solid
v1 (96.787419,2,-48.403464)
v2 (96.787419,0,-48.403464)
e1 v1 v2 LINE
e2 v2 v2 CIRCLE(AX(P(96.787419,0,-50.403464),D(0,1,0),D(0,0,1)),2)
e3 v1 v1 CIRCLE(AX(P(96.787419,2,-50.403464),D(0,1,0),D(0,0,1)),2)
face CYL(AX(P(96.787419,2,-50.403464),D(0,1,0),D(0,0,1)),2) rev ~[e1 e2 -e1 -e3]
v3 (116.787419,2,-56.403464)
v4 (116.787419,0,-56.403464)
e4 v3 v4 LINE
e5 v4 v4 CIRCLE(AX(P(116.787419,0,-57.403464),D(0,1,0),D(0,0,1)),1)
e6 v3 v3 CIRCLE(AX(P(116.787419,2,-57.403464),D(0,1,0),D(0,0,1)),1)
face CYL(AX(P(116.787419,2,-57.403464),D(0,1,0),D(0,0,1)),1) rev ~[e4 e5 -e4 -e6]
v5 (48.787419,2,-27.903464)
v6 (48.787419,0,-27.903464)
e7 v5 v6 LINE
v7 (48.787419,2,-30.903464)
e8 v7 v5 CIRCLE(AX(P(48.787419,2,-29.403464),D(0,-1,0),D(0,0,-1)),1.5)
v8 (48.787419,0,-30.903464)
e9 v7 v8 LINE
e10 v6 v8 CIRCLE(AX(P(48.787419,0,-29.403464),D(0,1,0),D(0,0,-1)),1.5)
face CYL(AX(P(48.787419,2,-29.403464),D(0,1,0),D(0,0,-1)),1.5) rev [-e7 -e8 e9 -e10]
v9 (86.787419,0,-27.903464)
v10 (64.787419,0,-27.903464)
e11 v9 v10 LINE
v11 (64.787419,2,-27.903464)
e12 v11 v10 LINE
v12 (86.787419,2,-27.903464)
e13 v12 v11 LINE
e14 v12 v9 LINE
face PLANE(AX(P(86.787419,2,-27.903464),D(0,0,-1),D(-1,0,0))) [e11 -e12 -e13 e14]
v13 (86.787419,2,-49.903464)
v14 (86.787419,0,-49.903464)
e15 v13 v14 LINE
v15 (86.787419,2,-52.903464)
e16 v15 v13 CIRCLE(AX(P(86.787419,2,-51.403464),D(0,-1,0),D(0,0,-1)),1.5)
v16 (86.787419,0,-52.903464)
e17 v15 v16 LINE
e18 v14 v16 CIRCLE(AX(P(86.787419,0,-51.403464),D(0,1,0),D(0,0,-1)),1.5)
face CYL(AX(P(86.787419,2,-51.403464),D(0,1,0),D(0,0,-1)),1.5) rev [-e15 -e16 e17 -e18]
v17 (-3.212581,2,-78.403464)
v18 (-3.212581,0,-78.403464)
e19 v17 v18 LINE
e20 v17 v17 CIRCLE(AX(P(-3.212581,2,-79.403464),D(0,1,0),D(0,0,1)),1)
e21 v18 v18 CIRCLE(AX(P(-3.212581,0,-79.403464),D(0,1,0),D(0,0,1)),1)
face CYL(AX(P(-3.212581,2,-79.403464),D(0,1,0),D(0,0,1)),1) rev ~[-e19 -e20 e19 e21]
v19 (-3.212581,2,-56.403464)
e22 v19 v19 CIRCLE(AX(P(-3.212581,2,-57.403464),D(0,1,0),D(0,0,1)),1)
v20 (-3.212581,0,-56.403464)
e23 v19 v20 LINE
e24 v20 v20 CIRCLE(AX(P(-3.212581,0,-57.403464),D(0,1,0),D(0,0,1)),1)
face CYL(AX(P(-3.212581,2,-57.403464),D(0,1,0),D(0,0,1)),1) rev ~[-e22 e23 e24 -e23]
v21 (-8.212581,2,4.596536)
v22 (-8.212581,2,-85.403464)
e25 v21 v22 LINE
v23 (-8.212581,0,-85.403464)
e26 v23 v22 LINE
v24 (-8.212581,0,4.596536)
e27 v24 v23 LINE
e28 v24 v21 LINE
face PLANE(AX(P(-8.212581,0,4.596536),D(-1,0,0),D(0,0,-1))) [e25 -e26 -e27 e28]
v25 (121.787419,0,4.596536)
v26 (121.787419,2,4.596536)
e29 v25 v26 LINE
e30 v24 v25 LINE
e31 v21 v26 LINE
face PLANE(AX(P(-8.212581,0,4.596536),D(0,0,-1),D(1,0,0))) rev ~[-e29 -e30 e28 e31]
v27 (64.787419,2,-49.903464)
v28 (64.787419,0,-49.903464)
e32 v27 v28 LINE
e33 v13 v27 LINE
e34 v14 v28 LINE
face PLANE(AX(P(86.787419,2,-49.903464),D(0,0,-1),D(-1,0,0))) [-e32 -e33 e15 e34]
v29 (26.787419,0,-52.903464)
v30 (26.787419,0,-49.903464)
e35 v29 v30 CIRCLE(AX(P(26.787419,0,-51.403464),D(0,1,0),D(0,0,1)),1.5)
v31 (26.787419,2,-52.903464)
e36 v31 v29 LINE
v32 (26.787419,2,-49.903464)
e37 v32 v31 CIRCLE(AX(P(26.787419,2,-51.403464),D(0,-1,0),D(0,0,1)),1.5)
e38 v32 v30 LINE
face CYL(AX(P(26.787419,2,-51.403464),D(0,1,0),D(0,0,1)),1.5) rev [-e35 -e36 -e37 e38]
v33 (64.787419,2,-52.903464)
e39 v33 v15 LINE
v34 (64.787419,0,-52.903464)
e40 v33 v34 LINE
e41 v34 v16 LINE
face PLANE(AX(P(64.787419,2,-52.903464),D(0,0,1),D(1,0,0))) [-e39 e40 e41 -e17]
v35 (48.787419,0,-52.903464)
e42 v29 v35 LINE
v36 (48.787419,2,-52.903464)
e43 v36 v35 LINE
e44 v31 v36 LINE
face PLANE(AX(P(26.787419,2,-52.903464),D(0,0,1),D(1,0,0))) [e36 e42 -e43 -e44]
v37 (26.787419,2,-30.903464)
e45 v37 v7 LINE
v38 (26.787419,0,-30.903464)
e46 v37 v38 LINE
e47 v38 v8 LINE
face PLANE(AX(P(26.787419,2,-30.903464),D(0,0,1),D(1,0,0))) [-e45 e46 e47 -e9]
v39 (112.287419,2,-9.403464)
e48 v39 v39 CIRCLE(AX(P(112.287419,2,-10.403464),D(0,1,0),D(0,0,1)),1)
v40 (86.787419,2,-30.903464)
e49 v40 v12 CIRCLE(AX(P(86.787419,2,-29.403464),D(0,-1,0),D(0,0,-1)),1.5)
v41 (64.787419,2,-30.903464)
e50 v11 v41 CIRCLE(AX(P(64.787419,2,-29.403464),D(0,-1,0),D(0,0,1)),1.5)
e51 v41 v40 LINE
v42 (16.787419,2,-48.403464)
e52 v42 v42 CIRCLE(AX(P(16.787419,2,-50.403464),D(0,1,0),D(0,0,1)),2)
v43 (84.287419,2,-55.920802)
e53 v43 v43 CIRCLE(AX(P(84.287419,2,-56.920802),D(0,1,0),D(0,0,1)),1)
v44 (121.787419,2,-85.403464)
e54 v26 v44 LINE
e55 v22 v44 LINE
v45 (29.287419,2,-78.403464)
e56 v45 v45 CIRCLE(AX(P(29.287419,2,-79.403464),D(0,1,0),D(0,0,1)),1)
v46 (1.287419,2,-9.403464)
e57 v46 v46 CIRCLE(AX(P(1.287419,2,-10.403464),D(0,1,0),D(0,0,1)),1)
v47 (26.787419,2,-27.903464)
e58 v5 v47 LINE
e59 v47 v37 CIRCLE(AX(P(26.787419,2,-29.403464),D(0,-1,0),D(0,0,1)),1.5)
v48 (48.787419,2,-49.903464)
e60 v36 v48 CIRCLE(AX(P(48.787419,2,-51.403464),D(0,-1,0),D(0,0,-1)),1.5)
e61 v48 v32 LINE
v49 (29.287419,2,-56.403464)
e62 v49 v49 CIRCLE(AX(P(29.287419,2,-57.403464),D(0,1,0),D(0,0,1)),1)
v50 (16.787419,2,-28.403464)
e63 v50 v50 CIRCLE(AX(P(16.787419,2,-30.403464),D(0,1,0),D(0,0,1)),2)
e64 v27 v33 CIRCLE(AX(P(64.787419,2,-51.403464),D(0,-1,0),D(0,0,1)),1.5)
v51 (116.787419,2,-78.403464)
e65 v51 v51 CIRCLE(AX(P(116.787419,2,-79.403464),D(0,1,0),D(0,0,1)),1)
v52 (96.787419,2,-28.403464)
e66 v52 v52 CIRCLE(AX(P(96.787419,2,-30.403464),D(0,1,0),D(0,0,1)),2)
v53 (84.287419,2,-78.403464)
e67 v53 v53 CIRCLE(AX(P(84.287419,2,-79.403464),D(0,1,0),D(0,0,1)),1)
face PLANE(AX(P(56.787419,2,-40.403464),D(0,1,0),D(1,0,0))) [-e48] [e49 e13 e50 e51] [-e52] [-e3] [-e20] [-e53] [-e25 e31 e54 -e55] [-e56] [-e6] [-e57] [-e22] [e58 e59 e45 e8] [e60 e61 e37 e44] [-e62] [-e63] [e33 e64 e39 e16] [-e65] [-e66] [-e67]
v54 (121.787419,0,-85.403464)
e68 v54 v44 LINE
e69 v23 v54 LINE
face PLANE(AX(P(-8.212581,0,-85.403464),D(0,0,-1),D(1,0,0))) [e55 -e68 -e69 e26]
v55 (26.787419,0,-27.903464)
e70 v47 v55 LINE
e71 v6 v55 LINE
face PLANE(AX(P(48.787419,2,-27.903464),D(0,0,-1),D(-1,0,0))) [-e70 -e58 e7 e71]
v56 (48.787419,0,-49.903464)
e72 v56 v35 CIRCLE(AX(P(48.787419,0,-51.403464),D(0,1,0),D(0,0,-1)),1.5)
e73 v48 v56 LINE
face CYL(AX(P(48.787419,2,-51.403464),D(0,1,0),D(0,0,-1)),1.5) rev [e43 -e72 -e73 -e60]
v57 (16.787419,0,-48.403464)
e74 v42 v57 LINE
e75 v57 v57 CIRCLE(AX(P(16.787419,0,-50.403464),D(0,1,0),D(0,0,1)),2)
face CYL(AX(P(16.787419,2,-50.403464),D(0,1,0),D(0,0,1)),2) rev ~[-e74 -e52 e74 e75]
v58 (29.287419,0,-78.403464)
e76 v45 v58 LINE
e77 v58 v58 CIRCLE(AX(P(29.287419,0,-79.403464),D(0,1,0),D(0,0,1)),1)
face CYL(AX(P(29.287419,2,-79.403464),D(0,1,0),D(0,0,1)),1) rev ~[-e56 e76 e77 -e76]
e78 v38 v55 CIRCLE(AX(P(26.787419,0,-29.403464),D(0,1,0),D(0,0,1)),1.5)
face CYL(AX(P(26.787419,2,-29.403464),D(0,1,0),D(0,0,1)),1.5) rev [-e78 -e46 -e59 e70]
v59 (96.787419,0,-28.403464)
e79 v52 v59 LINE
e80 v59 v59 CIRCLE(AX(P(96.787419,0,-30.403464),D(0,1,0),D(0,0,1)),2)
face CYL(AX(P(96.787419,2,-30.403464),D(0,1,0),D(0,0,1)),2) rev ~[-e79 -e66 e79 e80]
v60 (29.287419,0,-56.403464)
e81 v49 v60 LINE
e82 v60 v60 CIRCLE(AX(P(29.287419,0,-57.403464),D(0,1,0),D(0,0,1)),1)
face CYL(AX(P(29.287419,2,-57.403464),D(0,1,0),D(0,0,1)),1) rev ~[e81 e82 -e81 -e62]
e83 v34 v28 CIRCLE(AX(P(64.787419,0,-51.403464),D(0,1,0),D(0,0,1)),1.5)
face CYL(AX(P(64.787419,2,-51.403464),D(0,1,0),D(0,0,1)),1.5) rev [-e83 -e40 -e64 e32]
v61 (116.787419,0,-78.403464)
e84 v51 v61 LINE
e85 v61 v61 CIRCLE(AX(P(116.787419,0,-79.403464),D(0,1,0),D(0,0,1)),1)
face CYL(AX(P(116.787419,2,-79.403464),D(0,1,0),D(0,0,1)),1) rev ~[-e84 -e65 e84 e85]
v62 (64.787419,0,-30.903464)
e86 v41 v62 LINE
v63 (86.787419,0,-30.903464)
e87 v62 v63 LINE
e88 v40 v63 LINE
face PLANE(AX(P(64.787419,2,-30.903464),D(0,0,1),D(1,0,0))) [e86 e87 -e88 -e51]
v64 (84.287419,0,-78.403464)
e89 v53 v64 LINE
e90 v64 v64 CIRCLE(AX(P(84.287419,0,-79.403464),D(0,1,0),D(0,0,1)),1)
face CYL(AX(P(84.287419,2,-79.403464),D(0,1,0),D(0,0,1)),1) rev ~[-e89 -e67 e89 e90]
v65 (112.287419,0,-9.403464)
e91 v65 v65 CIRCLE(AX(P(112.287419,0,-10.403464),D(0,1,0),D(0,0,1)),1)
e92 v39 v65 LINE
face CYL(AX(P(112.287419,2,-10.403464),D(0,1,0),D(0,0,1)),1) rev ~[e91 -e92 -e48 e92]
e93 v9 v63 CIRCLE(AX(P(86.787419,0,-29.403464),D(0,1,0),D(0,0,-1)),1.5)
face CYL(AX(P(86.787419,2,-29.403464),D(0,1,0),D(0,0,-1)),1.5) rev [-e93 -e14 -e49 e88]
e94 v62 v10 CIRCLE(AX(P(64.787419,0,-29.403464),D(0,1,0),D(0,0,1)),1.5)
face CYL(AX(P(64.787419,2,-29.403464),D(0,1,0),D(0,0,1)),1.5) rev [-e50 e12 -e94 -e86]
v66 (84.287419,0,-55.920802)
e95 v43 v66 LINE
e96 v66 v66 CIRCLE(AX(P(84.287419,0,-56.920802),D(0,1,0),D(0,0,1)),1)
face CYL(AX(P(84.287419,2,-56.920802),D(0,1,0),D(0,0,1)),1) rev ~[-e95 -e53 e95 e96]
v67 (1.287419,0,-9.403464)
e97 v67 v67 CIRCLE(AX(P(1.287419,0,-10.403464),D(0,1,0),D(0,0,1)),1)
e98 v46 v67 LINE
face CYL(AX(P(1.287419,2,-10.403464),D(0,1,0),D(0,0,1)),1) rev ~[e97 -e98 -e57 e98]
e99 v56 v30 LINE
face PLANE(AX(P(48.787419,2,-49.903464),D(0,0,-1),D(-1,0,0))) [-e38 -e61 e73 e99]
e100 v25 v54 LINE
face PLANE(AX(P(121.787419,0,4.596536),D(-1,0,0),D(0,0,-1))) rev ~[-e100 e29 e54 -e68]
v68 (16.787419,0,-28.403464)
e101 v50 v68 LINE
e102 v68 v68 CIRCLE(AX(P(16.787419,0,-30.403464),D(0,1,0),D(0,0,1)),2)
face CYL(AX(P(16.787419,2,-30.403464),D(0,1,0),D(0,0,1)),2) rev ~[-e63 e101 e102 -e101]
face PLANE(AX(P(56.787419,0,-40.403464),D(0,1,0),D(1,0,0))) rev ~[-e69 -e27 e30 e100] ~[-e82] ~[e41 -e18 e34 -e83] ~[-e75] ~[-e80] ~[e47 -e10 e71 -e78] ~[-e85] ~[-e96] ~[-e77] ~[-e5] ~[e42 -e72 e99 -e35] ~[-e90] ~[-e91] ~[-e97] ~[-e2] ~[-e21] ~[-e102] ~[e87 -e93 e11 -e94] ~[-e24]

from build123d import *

# Parameters (mm, degrees)
SKETCH1_W           = 130
SKETCH1_H           = 90
BOSS_EXTRUDE2_DEPTH = 2
SKETCH2_R           = 2
CUT_EXTRUDE1_DEPTH  = 10
CUT_EXTRUDE3_DEPTH  = 10
SKETCH5_R           = 1
CUT_EXTRUDE4_DEPTH  = 10


with BuildPart() as part:
    # Sketch1 → Boss-Extrude2 (new body)
    with BuildSketch(Plane(origin=(0, 0, 0), x_dir=(1, 0, 0), z_dir=(0, 1, 0))):
        with Locations((56.787418592, 40.403463793)):
            Rectangle(SKETCH1_W, SKETCH1_H)
    extrude(amount=BOSS_EXTRUDE2_DEPTH)

    # Sketch2 → Cut-Extrude1 (cut)
    with BuildSketch(Plane(origin=(0, 2, 0), x_dir=(1, 0, 0), z_dir=(0, 1, 0))):
        with Locations(Location((16.787418592, 50.403463793, 0), (0, 0, 270))):
            Circle(SKETCH2_R)
        with Locations(Location((16.787418592, 30.403463793, 0), (0, 0, 270))):
            Circle(SKETCH2_R)
        with Locations(Location((96.787418592, 50.403463793, 0), (0, 0, 270))):
            Circle(SKETCH2_R)
        with Locations(Location((96.787418592, 30.403463793, 0), (0, 0, 270))):
            Circle(SKETCH2_R)
    extrude(amount=-CUT_EXTRUDE1_DEPTH, mode=Mode.SUBTRACT)

    # Sketch4 → Cut-Extrude3 (cut)
    with BuildSketch(Plane(origin=(0, 2, 0), x_dir=(1, 0, 0), z_dir=(0, 1, 0))):
        with BuildLine():
            Line((26.787418592, 52.903463793), (48.787418592, 52.903463793))
            ThreePointArc((48.787418592, 52.903463793), (50.287418592, 51.403463793), (48.787418592, 49.903463793))
            Line((48.787418592, 49.903463793), (26.787418592, 49.903463793))
            ThreePointArc((26.787418592, 49.903463793), (25.287418592, 51.403463793), (26.787418592, 52.903463793))
        make_face()
        with BuildLine():
            Line((26.787418592, 30.903463793), (48.787418592, 30.903463793))
            ThreePointArc((48.787418592, 30.903463793), (50.287418592, 29.403463793), (48.787418592, 27.903463793))
            Line((48.787418592, 27.903463793), (26.787418592, 27.903463793))
            ThreePointArc((26.787418592, 27.903463793), (25.287418592, 29.403463793), (26.787418592, 30.903463793))
        make_face()
        with BuildLine():
            Line((64.787418592, 52.903463793), (86.787418592, 52.903463793))
            ThreePointArc((86.787418592, 52.903463793), (88.287418592, 51.403463793), (86.787418592, 49.903463793))
            Line((86.787418592, 49.903463793), (64.787418592, 49.903463793))
            ThreePointArc((64.787418592, 49.903463793), (63.287418592, 51.403463793), (64.787418592, 52.903463793))
        make_face()
        with BuildLine():
            Line((64.787418592, 30.903463793), (86.787418592, 30.903463793))
            ThreePointArc((86.787418592, 30.903463793), (88.287418592, 29.403463793), (86.787418592, 27.903463793))
            Line((86.787418592, 27.903463793), (64.787418592, 27.903463793))
            ThreePointArc((64.787418592, 27.903463793), (63.287418592, 29.403463793), (64.787418592, 30.903463793))
        make_face()
    extrude(amount=-CUT_EXTRUDE3_DEPTH, mode=Mode.SUBTRACT)

    # Sketch5 → Cut-Extrude4 (cut)
    with BuildSketch(Plane(origin=(0, 2, 0), x_dir=(1, 0, 0), z_dir=(0, 1, 0))):
        with Locations(Location((1.287418592, 10.403463793, 0), (0, 0, 270))):
            Circle(SKETCH5_R)
        with Locations(Location((112.287418592, 10.403463793, 0), (0, 0, 270))):
            Circle(SKETCH5_R)
        with Locations(Location((84.287418592, 56.920801797, 0), (0, 0, 270))):
            Circle(SKETCH5_R)
        with Locations(Location((116.787418592, 57.403463793, 0), (0, 0, 270))):
            Circle(SKETCH5_R)
        with Locations(Location((116.787418592, 79.403463793, 0), (0, 0, 270))):
            Circle(SKETCH5_R)
        with Locations(Location((84.287418592, 79.403463793, 0), (0, 0, 270))):
            Circle(SKETCH5_R)
        with Locations(Location((-3.212581408, 57.403463793, 0), (0, 0, 270))):
            Circle(SKETCH5_R)
        with Locations(Location((29.287418592, 57.403463793, 0), (0, 0, 270))):
            Circle(SKETCH5_R)
        with Locations(Location((29.287418592, 79.403463793, 0), (0, 0, 270))):
            Circle(SKETCH5_R)
        with Locations(Location((-3.212581408, 79.403463793, 0), (0, 0, 270))):
            Circle(SKETCH5_R)
    extrude(amount=-CUT_EXTRUDE4_DEPTH, mode=Mode.SUBTRACT)


solid = part.part
